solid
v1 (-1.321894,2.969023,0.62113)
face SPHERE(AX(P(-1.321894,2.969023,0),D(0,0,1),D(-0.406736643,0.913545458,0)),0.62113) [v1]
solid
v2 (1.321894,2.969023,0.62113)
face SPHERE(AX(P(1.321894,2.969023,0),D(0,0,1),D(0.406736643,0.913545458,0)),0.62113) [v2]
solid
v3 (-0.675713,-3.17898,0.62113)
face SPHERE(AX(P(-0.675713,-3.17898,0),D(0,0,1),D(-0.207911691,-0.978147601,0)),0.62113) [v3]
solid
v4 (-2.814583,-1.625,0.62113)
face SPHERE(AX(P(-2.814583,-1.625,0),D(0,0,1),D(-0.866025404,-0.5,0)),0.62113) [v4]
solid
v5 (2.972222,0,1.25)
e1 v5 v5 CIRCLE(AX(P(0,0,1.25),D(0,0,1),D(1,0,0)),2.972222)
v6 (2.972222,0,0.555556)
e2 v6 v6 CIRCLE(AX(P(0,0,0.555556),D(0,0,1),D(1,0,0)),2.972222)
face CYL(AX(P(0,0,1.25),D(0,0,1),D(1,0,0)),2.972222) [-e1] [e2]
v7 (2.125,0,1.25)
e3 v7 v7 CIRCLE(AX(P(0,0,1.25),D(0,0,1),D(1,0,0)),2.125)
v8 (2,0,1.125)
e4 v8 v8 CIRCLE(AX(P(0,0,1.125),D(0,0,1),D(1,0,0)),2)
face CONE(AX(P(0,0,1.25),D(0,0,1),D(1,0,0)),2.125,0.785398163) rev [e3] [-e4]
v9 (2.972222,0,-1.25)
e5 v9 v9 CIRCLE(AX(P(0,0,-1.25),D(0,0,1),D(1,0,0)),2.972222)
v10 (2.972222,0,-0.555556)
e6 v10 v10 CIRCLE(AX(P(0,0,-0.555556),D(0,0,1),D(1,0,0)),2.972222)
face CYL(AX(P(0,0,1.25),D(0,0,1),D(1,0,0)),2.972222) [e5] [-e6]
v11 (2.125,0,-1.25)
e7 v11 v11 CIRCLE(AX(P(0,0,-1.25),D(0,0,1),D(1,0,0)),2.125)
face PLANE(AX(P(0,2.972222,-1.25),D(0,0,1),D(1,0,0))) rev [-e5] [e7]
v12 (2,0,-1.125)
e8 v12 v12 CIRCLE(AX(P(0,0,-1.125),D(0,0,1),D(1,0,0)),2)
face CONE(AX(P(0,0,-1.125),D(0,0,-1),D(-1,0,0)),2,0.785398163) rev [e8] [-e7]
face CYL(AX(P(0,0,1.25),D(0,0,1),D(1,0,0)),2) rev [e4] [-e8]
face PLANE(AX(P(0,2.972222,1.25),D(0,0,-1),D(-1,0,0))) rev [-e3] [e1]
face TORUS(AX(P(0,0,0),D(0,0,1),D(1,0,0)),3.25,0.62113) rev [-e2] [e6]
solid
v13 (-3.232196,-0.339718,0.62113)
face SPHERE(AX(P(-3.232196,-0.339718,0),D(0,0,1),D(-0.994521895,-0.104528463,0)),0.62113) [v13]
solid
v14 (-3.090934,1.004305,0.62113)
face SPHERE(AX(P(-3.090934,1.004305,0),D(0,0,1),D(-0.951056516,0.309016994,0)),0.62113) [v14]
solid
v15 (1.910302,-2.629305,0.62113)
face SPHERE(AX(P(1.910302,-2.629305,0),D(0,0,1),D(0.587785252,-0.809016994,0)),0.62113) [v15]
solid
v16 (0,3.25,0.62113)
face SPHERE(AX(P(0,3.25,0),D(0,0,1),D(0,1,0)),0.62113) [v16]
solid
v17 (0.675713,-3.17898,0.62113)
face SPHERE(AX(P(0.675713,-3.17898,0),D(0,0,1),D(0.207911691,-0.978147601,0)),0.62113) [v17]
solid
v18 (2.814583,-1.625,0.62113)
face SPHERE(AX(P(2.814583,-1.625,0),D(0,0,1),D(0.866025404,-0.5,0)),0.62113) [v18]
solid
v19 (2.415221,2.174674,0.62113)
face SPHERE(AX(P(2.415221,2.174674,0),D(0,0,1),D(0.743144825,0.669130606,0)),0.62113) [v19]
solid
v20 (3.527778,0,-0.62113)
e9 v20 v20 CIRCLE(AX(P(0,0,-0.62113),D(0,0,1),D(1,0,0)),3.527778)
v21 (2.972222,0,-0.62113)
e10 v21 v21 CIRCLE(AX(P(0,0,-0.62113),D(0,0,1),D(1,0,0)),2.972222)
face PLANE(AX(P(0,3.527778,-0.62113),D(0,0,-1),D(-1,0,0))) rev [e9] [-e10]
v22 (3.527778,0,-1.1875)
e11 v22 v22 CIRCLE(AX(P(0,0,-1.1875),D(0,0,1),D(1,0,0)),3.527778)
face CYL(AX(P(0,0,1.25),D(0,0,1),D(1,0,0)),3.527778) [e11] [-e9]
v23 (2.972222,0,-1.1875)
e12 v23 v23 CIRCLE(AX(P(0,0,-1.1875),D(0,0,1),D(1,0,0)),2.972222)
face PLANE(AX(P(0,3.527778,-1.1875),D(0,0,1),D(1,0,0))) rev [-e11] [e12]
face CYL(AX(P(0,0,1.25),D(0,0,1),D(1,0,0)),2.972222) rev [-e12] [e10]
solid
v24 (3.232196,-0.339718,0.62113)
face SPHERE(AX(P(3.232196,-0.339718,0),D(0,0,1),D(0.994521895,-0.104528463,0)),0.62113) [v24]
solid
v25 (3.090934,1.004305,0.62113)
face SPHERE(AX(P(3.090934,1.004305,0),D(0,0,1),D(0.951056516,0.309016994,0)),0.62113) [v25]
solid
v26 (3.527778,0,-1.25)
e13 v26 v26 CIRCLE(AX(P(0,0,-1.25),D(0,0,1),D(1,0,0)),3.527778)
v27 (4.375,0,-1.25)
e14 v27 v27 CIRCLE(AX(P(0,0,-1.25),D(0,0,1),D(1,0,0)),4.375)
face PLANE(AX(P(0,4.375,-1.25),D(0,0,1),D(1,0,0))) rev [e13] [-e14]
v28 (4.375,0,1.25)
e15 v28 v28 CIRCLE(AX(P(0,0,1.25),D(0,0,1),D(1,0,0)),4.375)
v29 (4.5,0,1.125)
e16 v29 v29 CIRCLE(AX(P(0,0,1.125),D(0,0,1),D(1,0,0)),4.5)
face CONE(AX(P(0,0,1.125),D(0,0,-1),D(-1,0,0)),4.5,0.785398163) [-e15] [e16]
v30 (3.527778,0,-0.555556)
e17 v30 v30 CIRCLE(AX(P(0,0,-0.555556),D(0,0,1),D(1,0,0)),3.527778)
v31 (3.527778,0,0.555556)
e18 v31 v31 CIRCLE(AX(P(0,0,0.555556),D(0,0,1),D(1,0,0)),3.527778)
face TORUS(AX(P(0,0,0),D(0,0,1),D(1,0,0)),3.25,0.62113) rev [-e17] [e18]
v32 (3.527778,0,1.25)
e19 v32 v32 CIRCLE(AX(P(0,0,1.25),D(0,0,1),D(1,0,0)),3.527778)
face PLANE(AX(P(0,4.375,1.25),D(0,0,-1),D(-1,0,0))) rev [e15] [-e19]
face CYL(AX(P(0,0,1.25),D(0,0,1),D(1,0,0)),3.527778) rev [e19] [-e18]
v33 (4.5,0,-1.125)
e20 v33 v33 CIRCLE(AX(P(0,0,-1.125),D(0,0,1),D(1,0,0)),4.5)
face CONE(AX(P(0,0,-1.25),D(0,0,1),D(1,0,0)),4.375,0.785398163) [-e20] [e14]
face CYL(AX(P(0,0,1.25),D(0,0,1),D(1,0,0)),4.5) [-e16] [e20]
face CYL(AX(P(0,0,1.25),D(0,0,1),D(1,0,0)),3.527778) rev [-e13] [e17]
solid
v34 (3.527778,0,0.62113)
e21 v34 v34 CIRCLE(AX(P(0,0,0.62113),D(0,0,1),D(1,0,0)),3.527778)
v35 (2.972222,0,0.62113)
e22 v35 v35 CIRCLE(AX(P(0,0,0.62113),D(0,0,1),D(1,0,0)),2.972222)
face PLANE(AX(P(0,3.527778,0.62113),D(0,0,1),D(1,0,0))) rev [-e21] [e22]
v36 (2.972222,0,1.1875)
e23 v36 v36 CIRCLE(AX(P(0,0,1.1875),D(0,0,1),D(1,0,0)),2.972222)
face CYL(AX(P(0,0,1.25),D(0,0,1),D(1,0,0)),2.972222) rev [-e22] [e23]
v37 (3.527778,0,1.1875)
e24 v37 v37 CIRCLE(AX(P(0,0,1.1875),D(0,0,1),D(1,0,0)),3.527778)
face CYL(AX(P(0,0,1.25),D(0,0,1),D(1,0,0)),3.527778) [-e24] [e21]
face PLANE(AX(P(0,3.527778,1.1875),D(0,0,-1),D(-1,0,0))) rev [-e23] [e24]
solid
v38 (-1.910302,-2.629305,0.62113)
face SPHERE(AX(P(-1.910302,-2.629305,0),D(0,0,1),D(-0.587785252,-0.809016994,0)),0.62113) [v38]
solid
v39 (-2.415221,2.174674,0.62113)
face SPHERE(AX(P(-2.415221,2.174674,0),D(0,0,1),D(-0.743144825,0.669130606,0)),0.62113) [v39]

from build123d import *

# Parameters (mm, degrees)
CIRPATTERN1_COUNT = 15
SKETCH5_W         = 0.566370006
SKETCH5_H         = 0.555555556


with BuildPart() as part:
    # Sketch1 → Revolve1 (revolve)
    with BuildSketch(Plane(origin=(0, 0, 0), x_dir=(0, 0, -1), z_dir=(1, 0, 0))):
        with BuildLine():
            Line((1.125, 4.5), (-1.125, 4.5))
            Line((-1.125, 4.5), (-1.25, 4.375))
            Line((-1.25, 4.375), (-1.25, 3.527777778))
            Line((-1.25, 3.527777778), (-0.555555556, 3.527777778))
            ThreePointArc((-0.555555556, 3.527777778), (0, 3.871129994), (0.555555556, 3.527777778))
            Line((0.555555556, 3.527777778), (1.25, 3.527777778))
            Line((1.25, 3.527777778), (1.25, 4.375))
            Line((1.25, 4.375), (1.125, 4.5))
        make_face()
    revolve(axis=Axis((0, 0, 1.25), (0, 0, -1)))


with BuildPart() as body_2:
    # Sketch2 → Revolve2 (revolve)
    with BuildSketch(Plane(origin=(0, 0, 0), x_dir=(0, 0, -1), z_dir=(1, 0, 0))):
        with BuildLine():
            Line((-1.25, 2.972222222), (-0.555555556, 2.972222222))
            ThreePointArc((-0.555555556, 2.972222222), (0, 2.628870006), (0.555555556, 2.972222222))
            Line((0.555555556, 2.972222222), (1.25, 2.972222222))
            Line((1.25, 2.972222222), (1.25, 2.125))
            Line((1.25, 2.125), (1.125, 2))
            Line((1.125, 2), (-1.125, 2))
            Line((-1.125, 2), (-1.25, 2.125))
            Line((-1.25, 2.125), (-1.25, 2.972222222))
        make_face()
    revolve(axis=Axis((0, 0, 1.25), (0, 0, -1)))


with BuildPart() as body_3:
    # Sketch3 → Revolve3 (revolve)
    with BuildSketch(Plane(origin=(0, 0, 0), x_dir=(0, 0, -1), z_dir=(1, 0, 0))):
        with BuildLine():
            Line((-0.621129994, 3.25), (0.621129994, 3.25))
            ThreePointArc((0.621129994, 3.25), (0, 3.871129994), (-0.621129994, 3.25))
        make_face()
    revolve(axis=Axis((0, 3.25, 0.621129994), (0, 0, -1)))


with BuildPart() as cirpattern1_1:
    # CirPattern1: pattern copy
    add(body_3.part.rotate(Axis((0, 0, -1.25), (0, 0, 1)), 1 * 360 / CIRPATTERN1_COUNT))


with BuildPart() as cirpattern1_2:
    # CirPattern1: pattern copy
    add(body_3.part.rotate(Axis((0, 0, -1.25), (0, 0, 1)), 2 * 360 / CIRPATTERN1_COUNT))


with BuildPart() as cirpattern1_3:
    # CirPattern1: pattern copy
    add(body_3.part.rotate(Axis((0, 0, -1.25), (0, 0, 1)), 3 * 360 / CIRPATTERN1_COUNT))


with BuildPart() as cirpattern1_4:
    # CirPattern1: pattern copy
    add(body_3.part.rotate(Axis((0, 0, -1.25), (0, 0, 1)), 4 * 360 / CIRPATTERN1_COUNT))


with BuildPart() as cirpattern1_5:
    # CirPattern1: pattern copy
    add(body_3.part.rotate(Axis((0, 0, -1.25), (0, 0, 1)), 5 * 360 / CIRPATTERN1_COUNT))


with BuildPart() as cirpattern1_6:
    # CirPattern1: pattern copy
    add(body_3.part.rotate(Axis((0, 0, -1.25), (0, 0, 1)), 6 * 360 / CIRPATTERN1_COUNT))


with BuildPart() as cirpattern1_7:
    # CirPattern1: pattern copy
    add(body_3.part.rotate(Axis((0, 0, -1.25), (0, 0, 1)), 7 * 360 / CIRPATTERN1_COUNT))


with BuildPart() as cirpattern1_8:
    # CirPattern1: pattern copy
    add(body_3.part.rotate(Axis((0, 0, -1.25), (0, 0, 1)), 8 * 360 / CIRPATTERN1_COUNT))


with BuildPart() as cirpattern1_9:
    # CirPattern1: pattern copy
    add(body_3.part.rotate(Axis((0, 0, -1.25), (0, 0, 1)), 9 * 360 / CIRPATTERN1_COUNT))


with BuildPart() as cirpattern1_10:
    # CirPattern1: pattern copy
    add(body_3.part.rotate(Axis((0, 0, -1.25), (0, 0, 1)), 10 * 360 / CIRPATTERN1_COUNT))


with BuildPart() as cirpattern1_11:
    # CirPattern1: pattern copy
    add(body_3.part.rotate(Axis((0, 0, -1.25), (0, 0, 1)), 11 * 360 / CIRPATTERN1_COUNT))


with BuildPart() as cirpattern1_12:
    # CirPattern1: pattern copy
    add(body_3.part.rotate(Axis((0, 0, -1.25), (0, 0, 1)), 12 * 360 / CIRPATTERN1_COUNT))


with BuildPart() as cirpattern1_13:
    # CirPattern1: pattern copy
    add(body_3.part.rotate(Axis((0, 0, -1.25), (0, 0, 1)), 13 * 360 / CIRPATTERN1_COUNT))


with BuildPart() as cirpattern1_14:
    # CirPattern1: pattern copy
    add(body_3.part.rotate(Axis((0, 0, -1.25), (0, 0, 1)), 14 * 360 / CIRPATTERN1_COUNT))


with BuildPart() as body_18:
    # Sketch5 → Revolve5 (revolve)
    with BuildSketch(Plane(origin=(0, 0, 0), x_dir=(0, 0, -1), z_dir=(1, 0, 0))):
        with Locations((-0.904314997, 3.25)):
            Rectangle(SKETCH5_W, SKETCH5_H)
        with Locations((0.904314997, 3.25)):
            Rectangle(SKETCH5_W, SKETCH5_H)
    revolve(axis=Axis((0, 0, 1.25), (0, 0, -1)))


solid = Compound([part.part, body_2.part, body_3.part, cirpattern1_1.part, cirpattern1_2.part, cirpattern1_3.part, cirpattern1_4.part, cirpattern1_5.part, cirpattern1_6.part, cirpattern1_7.part, cirpattern1_8.part, cirpattern1_9.part, cirpattern1_10.part, cirpattern1_11.part, cirpattern1_12.part, cirpattern1_13.part, cirpattern1_14.part, body_18.part])
